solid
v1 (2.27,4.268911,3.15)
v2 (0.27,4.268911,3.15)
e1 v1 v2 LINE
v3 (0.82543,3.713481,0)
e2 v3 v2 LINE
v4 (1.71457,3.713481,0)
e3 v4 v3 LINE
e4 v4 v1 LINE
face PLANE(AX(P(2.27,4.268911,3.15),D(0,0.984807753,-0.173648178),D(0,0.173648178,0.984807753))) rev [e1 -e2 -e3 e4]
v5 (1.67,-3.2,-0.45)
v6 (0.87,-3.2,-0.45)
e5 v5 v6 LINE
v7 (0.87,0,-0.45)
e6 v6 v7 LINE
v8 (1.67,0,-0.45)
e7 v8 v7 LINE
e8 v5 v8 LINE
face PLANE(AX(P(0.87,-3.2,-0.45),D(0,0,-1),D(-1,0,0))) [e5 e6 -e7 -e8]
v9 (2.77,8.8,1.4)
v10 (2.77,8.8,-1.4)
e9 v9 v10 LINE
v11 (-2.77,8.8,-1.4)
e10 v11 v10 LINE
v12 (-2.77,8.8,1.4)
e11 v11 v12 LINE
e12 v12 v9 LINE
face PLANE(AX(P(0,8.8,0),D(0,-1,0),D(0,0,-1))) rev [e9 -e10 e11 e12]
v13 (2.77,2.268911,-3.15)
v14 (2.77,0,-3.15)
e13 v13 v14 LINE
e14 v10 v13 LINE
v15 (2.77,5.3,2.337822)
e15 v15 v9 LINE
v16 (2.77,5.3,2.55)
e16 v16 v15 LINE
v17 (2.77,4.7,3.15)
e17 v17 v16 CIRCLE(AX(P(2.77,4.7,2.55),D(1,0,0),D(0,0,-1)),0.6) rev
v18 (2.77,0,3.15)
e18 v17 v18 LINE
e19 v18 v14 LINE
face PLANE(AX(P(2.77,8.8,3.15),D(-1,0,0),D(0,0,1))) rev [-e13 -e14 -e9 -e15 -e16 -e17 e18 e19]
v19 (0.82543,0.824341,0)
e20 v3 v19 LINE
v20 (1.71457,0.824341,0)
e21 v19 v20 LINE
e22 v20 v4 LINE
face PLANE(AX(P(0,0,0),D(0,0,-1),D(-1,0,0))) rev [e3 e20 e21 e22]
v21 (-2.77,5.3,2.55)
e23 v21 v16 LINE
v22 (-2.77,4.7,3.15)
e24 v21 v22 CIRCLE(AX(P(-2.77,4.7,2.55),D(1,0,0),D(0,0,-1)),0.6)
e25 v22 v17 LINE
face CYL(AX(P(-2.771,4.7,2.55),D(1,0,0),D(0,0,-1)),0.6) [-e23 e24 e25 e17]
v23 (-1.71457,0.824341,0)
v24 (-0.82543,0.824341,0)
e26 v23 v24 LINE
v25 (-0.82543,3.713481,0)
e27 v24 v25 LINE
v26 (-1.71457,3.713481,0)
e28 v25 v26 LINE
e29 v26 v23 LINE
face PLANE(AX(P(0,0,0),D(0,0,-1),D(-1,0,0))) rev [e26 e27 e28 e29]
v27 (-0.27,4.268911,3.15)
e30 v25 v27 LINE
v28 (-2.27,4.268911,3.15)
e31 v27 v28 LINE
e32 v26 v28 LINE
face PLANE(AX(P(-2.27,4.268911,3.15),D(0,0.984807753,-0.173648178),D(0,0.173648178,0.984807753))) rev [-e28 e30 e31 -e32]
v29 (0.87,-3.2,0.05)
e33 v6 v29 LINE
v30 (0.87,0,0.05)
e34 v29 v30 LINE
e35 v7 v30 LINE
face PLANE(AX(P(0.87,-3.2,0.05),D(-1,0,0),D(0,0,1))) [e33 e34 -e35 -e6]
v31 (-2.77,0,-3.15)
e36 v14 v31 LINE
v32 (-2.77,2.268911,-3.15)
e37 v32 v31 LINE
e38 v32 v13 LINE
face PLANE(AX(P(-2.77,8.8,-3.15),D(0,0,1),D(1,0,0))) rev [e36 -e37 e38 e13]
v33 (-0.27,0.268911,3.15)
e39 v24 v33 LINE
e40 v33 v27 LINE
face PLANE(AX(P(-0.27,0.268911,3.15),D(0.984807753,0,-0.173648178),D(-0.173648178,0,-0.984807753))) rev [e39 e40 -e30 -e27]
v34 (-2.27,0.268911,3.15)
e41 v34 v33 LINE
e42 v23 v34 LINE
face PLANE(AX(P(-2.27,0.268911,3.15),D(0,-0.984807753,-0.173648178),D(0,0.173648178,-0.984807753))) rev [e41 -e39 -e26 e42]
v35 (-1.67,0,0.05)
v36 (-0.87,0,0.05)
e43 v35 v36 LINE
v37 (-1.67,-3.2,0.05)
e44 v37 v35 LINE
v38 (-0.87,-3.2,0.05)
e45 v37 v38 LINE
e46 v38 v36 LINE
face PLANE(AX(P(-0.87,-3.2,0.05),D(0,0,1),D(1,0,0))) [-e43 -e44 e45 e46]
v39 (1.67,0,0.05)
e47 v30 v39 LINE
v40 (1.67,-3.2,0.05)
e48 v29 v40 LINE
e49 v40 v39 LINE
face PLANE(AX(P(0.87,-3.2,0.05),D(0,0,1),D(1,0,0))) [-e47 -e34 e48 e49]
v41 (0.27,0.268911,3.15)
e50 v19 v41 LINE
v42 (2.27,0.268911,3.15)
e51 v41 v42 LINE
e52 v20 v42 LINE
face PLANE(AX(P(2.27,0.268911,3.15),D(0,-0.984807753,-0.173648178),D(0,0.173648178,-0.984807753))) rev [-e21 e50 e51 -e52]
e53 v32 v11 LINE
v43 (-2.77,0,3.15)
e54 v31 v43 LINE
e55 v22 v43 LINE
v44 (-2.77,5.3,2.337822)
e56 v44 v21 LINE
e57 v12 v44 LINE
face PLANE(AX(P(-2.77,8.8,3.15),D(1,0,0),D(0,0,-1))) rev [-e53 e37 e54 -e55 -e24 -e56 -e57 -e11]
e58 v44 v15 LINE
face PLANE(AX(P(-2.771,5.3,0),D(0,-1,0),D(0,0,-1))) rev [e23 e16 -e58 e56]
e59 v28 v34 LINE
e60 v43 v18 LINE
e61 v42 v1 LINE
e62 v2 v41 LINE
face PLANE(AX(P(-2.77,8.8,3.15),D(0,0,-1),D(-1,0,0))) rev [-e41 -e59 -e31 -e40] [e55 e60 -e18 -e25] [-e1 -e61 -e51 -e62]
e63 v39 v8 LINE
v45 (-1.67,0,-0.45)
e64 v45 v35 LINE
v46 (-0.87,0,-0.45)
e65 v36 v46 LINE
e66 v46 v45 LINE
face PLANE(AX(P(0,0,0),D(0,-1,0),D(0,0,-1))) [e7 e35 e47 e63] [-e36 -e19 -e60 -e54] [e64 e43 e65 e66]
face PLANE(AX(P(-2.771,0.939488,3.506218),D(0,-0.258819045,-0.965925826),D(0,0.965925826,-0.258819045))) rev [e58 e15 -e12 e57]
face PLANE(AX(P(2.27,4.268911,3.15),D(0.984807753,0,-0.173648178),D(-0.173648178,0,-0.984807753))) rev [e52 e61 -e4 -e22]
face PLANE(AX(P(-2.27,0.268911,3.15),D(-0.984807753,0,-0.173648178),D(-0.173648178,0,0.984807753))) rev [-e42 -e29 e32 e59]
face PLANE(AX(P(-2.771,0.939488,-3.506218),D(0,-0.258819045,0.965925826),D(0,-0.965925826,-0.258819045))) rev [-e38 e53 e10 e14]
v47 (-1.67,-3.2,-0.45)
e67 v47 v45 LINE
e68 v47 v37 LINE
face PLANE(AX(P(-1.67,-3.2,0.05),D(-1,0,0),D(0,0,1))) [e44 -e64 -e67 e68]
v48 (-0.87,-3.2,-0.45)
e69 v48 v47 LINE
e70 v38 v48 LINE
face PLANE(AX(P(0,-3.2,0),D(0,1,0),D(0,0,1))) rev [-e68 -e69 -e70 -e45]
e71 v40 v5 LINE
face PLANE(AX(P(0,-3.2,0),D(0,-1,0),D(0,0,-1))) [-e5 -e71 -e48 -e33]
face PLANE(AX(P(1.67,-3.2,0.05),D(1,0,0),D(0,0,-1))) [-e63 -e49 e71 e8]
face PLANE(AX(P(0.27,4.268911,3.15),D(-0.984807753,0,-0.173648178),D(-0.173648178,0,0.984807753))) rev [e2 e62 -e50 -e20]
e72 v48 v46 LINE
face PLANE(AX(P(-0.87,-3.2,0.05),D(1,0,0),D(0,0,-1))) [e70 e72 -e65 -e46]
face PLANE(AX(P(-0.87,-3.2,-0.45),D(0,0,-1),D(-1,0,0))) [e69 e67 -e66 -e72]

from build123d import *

# Parameters (mm, degrees)
SKETCH1_W           = 5.54
SKETCH1_H           = 6.3
BOSS_EXTRUDE1_DEPTH = 8.8
SKETCH2_W           = 0.8
SKETCH2_H           = 0.5
BOSS_EXTRUDE2_DEPTH = 3.2
CUT_EXTRUDE1_REACH  = 7.54
SKETCH4_W           = 2
SKETCH4_H           = 4
CUT_EXTRUDE2_DEPTH  = 3.15
CUT_EXTRUDE2_TAPER  = 10


with BuildPart() as part:
    # Sketch1 → Boss-Extrude1 (new body)
    with BuildSketch(Plane(origin=(0, 0, 0), x_dir=(1, 0, 0), z_dir=(0, 1, 0))):
        Rectangle(SKETCH1_W, SKETCH1_H)
    extrude(amount=BOSS_EXTRUDE1_DEPTH)

    # Sketch2 → Boss-Extrude2 (add)
    with BuildSketch(Plane(origin=(0, 0, 0), x_dir=(1, 0, 0), z_dir=(0, 1, 0))):
        with Locations((1.27, 0.2)):
            Rectangle(SKETCH2_W, SKETCH2_H)
        with Locations((-1.27, 0.2)):
            Rectangle(SKETCH2_W, SKETCH2_H)
    extrude(amount=-BOSS_EXTRUDE2_DEPTH)

    # Sketch3 → Cut-Extrude1 (cut, up to next)
    with BuildSketch(Plane(origin=(2.77, 0, 0), x_dir=(0, 0, -1), z_dir=(1, 0, 0)), mode=Mode.PRIVATE) as cut_extrude1_sk1:
        with BuildLine():
            ThreePointArc((-3.15, 4.7), (-2.974264069, 5.124264069), (-2.55, 5.3))
            Line((-2.55, 5.3), (-2.337822174, 5.3))
            Line((-2.337822174, 5.3), (-1.4, 8.8))
            Line((-1.4, 8.8), (-3.15, 8.8))
            Line((-3.15, 8.8), (-3.15, 4.7))
        make_face()
    cut_extrude1_tool1 = extrude(cut_extrude1_sk1.sketch, amount=-CUT_EXTRUDE1_REACH, mode=Mode.PRIVATE) & part.part
    add(cut_extrude1_tool1.solids().sort_by_distance((2.77, 7.227986, 2.489914))[0], mode=Mode.SUBTRACT)
    # Sketch3 → Cut-Extrude1 (cut, up to next)
    with BuildSketch(Plane(origin=(2.77, 0, 0), x_dir=(0, 0, -1), z_dir=(1, 0, 0)), mode=Mode.PRIVATE) as cut_extrude1_sk2:
        Polygon((3.15, 8.8), (1.4, 8.8), (3.15, 2.268911087), align=None)
    cut_extrude1_tool2 = extrude(cut_extrude1_sk2.sketch, amount=-CUT_EXTRUDE1_REACH, mode=Mode.PRIVATE) & part.part
    add(cut_extrude1_tool2.solids().sort_by_distance((2.77, 6.62297, -2.566667))[0], mode=Mode.SUBTRACT)

    # Sketch4 → Cut-Extrude2 (cut)
    with BuildSketch(Plane.XY.offset(3.15)):
        with Locations((-1.27, 2.268911087)):
            Rectangle(SKETCH4_W, SKETCH4_H)
        with Locations((1.27, 2.268911087)):
            Rectangle(SKETCH4_W, SKETCH4_H)
    extrude(amount=-CUT_EXTRUDE2_DEPTH, taper=CUT_EXTRUDE2_TAPER, mode=Mode.SUBTRACT)


solid = part.part
